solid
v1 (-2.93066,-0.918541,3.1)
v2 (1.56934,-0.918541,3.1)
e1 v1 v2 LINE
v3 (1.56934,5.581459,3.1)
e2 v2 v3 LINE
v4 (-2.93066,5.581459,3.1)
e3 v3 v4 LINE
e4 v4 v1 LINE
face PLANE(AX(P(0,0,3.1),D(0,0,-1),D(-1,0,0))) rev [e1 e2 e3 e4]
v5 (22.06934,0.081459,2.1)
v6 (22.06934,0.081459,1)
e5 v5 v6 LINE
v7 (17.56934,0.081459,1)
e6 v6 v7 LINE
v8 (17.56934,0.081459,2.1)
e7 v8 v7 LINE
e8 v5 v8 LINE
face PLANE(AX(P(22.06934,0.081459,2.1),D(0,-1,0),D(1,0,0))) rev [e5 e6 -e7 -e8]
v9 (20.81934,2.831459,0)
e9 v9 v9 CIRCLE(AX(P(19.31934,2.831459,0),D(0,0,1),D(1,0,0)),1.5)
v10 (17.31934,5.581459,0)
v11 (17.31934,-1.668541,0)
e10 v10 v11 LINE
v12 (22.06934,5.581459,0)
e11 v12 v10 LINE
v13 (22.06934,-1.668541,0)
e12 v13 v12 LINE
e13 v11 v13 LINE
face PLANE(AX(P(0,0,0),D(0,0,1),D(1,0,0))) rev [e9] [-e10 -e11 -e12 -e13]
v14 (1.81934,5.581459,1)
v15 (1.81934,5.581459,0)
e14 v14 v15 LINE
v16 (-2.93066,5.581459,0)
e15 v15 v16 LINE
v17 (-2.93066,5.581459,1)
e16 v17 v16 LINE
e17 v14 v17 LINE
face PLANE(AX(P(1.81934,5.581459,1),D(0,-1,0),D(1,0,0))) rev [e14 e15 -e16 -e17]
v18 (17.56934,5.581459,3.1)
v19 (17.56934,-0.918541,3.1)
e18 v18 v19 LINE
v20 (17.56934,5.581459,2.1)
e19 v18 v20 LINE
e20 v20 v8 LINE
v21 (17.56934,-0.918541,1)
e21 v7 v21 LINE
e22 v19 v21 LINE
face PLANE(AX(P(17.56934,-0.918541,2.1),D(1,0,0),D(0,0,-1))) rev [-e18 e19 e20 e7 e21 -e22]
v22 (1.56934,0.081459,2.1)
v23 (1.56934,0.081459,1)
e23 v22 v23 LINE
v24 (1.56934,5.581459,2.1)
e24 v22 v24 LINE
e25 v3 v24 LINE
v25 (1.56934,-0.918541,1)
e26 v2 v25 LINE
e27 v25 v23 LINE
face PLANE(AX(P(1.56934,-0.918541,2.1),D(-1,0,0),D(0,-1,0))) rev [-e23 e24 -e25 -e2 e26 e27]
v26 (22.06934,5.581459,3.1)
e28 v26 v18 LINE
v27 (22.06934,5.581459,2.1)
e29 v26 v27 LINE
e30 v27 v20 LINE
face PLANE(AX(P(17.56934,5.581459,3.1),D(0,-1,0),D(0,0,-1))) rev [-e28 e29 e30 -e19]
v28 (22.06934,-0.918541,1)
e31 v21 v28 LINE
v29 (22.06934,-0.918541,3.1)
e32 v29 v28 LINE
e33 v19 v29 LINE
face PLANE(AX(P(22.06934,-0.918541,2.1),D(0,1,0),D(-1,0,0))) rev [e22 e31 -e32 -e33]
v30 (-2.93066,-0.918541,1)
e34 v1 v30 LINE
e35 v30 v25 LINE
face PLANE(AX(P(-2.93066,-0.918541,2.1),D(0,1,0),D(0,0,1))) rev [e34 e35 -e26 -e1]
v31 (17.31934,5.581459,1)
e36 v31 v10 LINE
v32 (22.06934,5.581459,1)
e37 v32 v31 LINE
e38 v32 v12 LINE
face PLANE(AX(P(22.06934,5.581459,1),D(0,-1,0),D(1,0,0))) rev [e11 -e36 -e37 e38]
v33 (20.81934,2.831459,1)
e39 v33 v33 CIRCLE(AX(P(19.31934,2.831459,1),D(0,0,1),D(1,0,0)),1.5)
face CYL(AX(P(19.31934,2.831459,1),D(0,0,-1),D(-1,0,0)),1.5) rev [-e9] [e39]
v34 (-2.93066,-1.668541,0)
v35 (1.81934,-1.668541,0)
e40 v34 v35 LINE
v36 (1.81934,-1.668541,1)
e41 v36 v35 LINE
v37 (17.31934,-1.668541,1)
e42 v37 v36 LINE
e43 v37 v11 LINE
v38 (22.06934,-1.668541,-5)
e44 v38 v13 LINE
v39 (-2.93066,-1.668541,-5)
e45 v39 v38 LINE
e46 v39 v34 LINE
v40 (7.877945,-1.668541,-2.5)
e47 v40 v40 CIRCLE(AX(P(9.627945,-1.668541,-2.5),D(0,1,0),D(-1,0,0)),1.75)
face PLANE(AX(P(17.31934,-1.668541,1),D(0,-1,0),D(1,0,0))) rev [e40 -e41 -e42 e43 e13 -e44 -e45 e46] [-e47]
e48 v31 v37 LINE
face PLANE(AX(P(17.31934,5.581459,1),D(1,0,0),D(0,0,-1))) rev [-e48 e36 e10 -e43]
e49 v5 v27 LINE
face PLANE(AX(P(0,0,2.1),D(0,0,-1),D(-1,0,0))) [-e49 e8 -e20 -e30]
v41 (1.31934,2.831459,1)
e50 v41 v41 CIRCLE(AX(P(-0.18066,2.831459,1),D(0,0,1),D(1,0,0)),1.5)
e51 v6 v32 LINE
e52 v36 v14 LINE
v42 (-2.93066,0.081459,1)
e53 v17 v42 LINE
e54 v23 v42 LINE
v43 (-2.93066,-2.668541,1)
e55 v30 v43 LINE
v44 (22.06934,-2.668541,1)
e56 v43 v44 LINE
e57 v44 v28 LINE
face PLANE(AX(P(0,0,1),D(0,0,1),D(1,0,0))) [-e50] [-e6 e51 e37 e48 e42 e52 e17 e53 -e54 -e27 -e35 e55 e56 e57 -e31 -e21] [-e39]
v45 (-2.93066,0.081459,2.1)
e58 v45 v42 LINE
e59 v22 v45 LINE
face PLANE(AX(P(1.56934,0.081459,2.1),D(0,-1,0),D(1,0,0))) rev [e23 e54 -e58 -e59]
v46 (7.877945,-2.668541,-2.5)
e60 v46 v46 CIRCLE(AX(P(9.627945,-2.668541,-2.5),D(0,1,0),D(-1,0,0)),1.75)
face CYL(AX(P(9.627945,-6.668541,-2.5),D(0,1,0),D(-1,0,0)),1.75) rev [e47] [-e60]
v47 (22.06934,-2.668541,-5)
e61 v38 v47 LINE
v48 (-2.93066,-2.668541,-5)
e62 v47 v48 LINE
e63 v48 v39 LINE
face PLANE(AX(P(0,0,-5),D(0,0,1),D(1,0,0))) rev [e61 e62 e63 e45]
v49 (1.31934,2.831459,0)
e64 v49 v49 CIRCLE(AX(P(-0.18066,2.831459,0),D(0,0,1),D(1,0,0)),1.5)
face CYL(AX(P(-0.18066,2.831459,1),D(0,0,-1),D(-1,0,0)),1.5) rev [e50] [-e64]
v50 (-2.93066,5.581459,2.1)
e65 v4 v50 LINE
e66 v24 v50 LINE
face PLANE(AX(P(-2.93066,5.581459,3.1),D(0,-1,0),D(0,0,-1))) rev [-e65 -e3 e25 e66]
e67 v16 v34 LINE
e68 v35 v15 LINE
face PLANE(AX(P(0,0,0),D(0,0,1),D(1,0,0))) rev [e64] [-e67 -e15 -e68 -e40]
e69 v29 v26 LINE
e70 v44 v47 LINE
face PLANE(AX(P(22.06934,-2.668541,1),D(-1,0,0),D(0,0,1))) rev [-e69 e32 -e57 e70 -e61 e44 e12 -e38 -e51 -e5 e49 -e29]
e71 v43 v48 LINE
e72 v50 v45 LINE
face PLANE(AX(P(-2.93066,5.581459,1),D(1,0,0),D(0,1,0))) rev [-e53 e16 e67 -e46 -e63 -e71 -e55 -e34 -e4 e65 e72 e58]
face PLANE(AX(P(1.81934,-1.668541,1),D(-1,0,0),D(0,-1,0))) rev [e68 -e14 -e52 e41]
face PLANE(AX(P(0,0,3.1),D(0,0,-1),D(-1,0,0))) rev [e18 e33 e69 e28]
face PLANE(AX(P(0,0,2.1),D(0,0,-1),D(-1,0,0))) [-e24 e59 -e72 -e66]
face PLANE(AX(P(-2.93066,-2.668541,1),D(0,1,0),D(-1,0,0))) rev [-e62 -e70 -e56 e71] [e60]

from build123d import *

# Parameters (mm, degrees)
ESBO_O1_R                = 1.5
RESSALTO_EXTRUS_O1_DEPTH = 1
ESBO_O2_W                = 25
ESBO_O2_H                = 1
RESSALTO_EXTRUS_O2_DEPTH = 5
ESBO_O3_R                = 1.75
CORTE_EXTRUS_O1_DEPTH    = 5
ESBO_O4_W                = 4.5
ESBO_O4_H                = 1
RESSALTO_EXTRUS_O3_DEPTH = 1.1
ESBO_O5_W                = 4.5
ESBO_O5_H                = 6.5
RESSALTO_EXTRUS_O4_DEPTH = 1


with BuildPart() as part:
    # Esboço1 → Ressalto-extrusão1 (new body)
    with BuildSketch(Plane.XY):
        Polygon((-2.930659551, 5.581459362), (-2.930659551, -2.668540638), (22.069340449, -2.668540638), (22.069340449, 5.581459362), (17.319340449, 5.581459362), (17.319340449, -1.668540638), (1.819340449, -1.668540638), (1.819340449, 5.581459362), align=None)
        with Locations((-0.180659551, 2.831459362)):
            Circle(ESBO_O1_R, mode=Mode.SUBTRACT)
        with Locations((19.319340449, 2.831459362)):
            Circle(ESBO_O1_R, mode=Mode.SUBTRACT)
    extrude(amount=RESSALTO_EXTRUS_O1_DEPTH)

    # Esboço2 → Ressalto-extrusão2 (add)
    with BuildSketch(Plane(origin=(0, 0, 0), x_dir=(-1, 0, 0), z_dir=(0, 0, -1))):
        with Locations((-9.569340449, -2.168540638)):
            Rectangle(ESBO_O2_W, ESBO_O2_H)
    extrude(amount=RESSALTO_EXTRUS_O2_DEPTH)

    # Esboço3 → Corte-extrusão1 (cut)
    with BuildSketch(Plane(origin=(0, -1.668540638, 0), x_dir=(1, 0, 0), z_dir=(0, 1, 0))):
        with Locations(Location((9.627945133, 2.5, 0), (0, 0, 180))):
            Circle(ESBO_O3_R)
    extrude(amount=-CORTE_EXTRUS_O1_DEPTH, mode=Mode.SUBTRACT)

    # Esboço4 → Ressalto-extrusão3 (add)
    with BuildSketch(Plane.XY.offset(1)):
        with Locations((-0.680659551, -0.418540638)):
            Rectangle(ESBO_O4_W, ESBO_O4_H)
        with Locations((19.819340449, -0.418540638)):
            Rectangle(ESBO_O4_W, ESBO_O4_H)
    extrude(amount=RESSALTO_EXTRUS_O3_DEPTH)

    # Esboço5 → Ressalto-extrusão4 (add)
    with BuildSketch(Plane.XY.offset(2.1)):
        with Locations((-0.680659551, 2.331459362)):
            Rectangle(ESBO_O5_W, ESBO_O5_H)
        with Locations((19.819340449, 2.331459362)):
            Rectangle(ESBO_O5_W, ESBO_O5_H)
    extrude(amount=RESSALTO_EXTRUS_O4_DEPTH)


solid = part.part
